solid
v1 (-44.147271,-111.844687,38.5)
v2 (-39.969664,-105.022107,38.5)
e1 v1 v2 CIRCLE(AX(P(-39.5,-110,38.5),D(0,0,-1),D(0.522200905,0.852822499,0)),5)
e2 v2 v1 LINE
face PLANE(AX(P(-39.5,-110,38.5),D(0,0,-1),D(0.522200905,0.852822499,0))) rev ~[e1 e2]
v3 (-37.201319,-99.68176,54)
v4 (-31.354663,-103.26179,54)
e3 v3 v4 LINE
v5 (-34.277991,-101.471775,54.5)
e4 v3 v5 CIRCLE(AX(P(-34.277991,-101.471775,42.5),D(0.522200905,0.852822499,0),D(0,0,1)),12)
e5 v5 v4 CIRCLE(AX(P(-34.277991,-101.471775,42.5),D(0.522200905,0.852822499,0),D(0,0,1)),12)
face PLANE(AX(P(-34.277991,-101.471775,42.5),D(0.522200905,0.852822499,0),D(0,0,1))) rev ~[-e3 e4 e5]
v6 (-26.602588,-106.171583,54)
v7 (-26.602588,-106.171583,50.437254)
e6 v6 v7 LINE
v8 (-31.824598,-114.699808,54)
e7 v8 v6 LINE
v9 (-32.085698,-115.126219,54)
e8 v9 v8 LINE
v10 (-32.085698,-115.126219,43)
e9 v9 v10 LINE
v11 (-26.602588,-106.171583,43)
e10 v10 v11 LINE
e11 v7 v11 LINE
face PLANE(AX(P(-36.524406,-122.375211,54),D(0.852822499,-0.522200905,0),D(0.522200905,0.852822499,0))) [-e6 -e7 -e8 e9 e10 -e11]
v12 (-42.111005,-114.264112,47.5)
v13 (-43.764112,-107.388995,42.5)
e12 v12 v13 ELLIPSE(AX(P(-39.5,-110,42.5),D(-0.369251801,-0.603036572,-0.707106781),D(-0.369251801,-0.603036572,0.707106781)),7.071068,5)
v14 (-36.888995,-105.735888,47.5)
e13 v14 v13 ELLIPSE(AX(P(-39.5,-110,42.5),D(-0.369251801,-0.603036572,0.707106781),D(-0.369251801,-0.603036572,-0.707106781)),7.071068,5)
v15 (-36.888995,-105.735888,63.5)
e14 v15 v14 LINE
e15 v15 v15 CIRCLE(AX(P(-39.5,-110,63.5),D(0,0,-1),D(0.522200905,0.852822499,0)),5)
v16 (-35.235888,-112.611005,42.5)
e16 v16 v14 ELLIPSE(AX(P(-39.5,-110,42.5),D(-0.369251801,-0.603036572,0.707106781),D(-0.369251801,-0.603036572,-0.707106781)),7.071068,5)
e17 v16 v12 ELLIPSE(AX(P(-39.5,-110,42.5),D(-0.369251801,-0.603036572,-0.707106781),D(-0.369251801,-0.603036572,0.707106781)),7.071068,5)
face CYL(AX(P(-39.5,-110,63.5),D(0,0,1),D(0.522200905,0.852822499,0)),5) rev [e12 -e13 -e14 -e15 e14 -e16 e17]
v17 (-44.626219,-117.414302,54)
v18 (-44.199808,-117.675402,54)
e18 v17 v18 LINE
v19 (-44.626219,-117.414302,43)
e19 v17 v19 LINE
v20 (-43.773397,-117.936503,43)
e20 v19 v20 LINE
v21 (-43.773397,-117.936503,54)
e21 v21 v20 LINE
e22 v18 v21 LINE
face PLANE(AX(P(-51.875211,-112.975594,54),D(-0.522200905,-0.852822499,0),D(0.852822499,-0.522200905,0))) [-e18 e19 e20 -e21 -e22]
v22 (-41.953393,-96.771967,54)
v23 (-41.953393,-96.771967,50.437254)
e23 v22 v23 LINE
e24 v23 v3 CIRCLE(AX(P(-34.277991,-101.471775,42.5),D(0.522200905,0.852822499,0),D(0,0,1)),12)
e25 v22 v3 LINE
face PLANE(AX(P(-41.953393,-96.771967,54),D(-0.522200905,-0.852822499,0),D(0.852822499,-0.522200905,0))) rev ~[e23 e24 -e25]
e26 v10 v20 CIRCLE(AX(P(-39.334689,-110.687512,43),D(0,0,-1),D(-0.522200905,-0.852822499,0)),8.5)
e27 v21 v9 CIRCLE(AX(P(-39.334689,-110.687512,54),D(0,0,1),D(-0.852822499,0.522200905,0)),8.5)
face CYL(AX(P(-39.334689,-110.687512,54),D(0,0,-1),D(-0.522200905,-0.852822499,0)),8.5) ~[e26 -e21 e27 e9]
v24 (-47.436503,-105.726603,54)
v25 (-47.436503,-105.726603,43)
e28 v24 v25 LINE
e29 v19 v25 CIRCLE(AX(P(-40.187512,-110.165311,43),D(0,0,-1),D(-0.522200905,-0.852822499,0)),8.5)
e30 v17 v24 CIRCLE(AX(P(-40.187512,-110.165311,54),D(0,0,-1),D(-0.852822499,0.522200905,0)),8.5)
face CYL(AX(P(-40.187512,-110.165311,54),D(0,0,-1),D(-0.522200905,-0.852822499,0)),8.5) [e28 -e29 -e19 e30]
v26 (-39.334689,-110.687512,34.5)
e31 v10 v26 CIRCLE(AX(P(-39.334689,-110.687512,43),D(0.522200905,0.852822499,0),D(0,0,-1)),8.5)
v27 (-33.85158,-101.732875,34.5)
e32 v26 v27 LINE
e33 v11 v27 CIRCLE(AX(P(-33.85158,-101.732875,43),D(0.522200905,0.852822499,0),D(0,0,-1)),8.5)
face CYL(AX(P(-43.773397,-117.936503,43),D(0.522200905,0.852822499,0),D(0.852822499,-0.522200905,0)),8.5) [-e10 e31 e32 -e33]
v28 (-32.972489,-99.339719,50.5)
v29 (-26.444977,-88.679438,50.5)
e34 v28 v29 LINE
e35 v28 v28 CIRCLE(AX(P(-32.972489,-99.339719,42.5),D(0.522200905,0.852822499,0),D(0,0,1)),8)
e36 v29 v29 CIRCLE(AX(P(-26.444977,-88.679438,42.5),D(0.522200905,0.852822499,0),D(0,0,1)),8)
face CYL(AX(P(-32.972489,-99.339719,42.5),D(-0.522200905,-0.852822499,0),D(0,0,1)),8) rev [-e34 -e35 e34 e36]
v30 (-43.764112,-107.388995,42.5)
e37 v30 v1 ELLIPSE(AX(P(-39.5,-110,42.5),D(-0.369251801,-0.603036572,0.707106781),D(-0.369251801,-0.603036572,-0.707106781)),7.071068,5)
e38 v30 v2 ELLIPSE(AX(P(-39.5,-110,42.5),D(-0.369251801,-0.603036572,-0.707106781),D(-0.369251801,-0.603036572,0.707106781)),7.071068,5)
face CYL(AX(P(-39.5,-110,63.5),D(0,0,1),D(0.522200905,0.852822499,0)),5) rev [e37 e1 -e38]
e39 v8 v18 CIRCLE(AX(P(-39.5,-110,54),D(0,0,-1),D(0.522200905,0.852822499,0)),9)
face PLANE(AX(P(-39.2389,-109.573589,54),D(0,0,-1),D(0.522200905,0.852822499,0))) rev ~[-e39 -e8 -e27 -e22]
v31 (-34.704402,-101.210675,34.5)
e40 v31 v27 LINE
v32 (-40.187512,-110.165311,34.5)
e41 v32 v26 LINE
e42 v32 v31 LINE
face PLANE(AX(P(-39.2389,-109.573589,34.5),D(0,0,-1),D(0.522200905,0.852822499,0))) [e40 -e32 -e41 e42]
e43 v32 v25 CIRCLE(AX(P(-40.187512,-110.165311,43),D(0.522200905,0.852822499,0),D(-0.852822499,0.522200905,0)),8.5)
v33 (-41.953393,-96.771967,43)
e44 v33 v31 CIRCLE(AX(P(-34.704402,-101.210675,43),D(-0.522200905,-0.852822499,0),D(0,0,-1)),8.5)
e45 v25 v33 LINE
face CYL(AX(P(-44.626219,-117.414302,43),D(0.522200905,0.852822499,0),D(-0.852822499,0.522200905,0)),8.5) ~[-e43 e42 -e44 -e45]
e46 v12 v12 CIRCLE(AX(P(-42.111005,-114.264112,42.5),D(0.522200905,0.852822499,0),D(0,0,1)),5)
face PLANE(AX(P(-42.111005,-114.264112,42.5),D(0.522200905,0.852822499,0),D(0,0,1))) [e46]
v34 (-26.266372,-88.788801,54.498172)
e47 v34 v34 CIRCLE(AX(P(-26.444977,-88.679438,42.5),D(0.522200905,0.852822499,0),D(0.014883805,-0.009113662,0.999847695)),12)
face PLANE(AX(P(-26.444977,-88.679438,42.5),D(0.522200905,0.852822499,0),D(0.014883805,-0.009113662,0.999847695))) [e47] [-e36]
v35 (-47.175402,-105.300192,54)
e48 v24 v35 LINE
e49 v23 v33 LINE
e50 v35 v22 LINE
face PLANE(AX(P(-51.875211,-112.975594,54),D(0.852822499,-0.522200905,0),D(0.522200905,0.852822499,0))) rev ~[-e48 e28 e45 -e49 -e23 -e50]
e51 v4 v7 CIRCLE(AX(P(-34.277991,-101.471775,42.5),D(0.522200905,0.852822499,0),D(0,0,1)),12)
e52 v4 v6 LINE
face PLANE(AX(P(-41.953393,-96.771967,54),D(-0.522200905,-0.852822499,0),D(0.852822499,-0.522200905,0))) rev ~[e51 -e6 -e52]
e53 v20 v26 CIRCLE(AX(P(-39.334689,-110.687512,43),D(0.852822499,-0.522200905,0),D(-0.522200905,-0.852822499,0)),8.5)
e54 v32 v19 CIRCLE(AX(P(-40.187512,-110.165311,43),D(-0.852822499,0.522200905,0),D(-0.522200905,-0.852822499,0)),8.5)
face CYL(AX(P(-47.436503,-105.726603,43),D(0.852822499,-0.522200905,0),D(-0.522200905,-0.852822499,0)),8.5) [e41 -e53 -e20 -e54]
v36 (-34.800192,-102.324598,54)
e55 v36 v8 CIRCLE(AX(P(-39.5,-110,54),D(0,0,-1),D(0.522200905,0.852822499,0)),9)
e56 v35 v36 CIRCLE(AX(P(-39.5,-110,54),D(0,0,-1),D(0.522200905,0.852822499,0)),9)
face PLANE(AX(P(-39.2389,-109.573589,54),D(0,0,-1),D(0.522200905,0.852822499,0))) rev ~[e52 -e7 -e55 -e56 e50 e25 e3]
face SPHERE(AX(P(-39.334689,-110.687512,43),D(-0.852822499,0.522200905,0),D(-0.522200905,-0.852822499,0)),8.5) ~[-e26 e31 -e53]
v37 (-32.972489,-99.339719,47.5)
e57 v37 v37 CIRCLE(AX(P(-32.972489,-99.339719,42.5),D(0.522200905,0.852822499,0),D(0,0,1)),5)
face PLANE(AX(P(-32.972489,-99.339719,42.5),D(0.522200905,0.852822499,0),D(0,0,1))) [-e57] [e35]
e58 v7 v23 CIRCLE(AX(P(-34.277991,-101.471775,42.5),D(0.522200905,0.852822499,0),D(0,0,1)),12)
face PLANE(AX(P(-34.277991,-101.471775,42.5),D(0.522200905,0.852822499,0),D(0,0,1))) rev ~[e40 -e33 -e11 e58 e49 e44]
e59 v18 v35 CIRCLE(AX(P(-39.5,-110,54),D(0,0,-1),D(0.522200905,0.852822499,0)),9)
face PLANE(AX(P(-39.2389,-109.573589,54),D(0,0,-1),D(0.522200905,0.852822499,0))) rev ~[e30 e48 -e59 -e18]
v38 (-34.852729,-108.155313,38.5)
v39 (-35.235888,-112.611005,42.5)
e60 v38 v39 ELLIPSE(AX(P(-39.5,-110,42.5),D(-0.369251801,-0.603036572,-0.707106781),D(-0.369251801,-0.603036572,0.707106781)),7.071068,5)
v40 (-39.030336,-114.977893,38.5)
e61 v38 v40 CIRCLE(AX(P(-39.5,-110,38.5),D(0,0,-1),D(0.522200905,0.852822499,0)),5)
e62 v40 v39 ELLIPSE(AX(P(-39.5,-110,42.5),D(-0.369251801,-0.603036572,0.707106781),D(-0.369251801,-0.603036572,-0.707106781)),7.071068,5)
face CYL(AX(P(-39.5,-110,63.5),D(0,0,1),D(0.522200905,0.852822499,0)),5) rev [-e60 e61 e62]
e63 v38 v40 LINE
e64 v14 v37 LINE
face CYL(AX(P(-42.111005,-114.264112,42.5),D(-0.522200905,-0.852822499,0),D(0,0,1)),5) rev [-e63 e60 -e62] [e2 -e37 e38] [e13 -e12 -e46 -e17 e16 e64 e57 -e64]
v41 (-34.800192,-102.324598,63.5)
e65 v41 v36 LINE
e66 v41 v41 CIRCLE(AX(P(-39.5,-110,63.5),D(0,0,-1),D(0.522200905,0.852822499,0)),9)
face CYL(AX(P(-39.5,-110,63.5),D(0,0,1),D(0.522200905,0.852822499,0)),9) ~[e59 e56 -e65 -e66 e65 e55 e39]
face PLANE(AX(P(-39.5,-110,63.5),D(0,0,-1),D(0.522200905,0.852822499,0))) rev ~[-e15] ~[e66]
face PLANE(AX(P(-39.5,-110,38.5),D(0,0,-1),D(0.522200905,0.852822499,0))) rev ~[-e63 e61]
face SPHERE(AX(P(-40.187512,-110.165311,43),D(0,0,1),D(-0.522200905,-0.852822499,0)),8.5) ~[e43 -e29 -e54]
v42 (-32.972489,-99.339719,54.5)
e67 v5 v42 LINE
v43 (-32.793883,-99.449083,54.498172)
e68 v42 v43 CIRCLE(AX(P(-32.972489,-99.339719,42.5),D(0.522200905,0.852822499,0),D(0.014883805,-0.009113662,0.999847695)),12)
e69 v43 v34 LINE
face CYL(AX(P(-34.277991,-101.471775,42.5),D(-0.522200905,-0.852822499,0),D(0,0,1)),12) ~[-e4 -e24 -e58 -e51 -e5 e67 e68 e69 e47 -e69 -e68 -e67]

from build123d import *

# Parameters (mm, degrees)
CYLINDER021_R               = 5
CYLINDER021_DEPTH           = 25
CYLINDER022_R               = 5
CYLINDER022_DEPTH           = 15
CYLINDER020_R               = 9
CYLINDER020_DEPTH           = 9.5
BOX007_W                    = 19
BOX007_H                    = 18
BOX007_DEPTH                = 19.5
FILLET_R                    = 8.5
CYLINDER024_R               = 5
CYLINDER024_DEPTH           = 2.5
CYLINDER019_R               = 12
CYLINDER019_DEPTH           = 2.5
CYLINDER027_R               = 8
CYLINDER027_DEPTH           = 12.5
CYLINDER026_R               = 12
CYLINDER026_DEPTH           = 12.5
CYLINDER026_PLACEMENT_ANGLE = 1
FUSION025_PLACEMENT_ANGLE   = 90
FUSION042_ROLL_ANGLE        = 180
FUSION042_PLACEMENT_ANGLE   = 58.52


with BuildPart() as tc_bottom_hole:
    # Cylinder021 → Cylinder021 (new body)
    with BuildSketch(Plane.XY):
        Circle(CYLINDER021_R)
    extrude(amount=CYLINDER021_DEPTH)


with BuildPart() as tc_holes:
    # Cylinder022 → Cylinder022 (new body)
    with BuildSketch(Plane(origin=(-5, 0, 21), x_dir=(0, 0, -1), z_dir=(1, 0, 0))):
        Circle(CYLINDER022_R)
    extrude(amount=CYLINDER022_DEPTH)

    # Fusion016: union TC-Bottom-Hole
    add(tc_bottom_hole.part)


with BuildPart() as tc_bottom:
    # Cylinder020 → Cylinder020 (new body)
    with BuildSketch(Plane.XY):
        Circle(CYLINDER020_R)
    extrude(amount=CYLINDER020_DEPTH)


with BuildPart() as turnablecorner002:
    # Box007 → Box007 (new body)
    with BuildSketch(Plane(origin=(-9, -9, 9.5), x_dir=(1, 0, 0), z_dir=(0, 0, 1))):
        with Locations((9.5, 9)):
            Rectangle(BOX007_W, BOX007_H)
    extrude(amount=BOX007_DEPTH)

    # Fillet
    fillet_edges = [turnablecorner002.edges().sort_by_distance(p)[0] for p in [
        (-9, -9, 19.25),
        (-9, 0, 29),
        (-9, 9, 19.25),
        (0.5, -9, 29),
        (0.5, 9, 29),
    ]]
    fillet(fillet_edges, radius=FILLET_R)

    # Fusion018: union TC-Bottom
    add(tc_bottom.part)

    # Cut013: cut TC-Holes
    add(tc_holes.part, mode=Mode.SUBTRACT)


with BuildPart() as largeplughole:
    # Cylinder024 → Cylinder024 (new body)
    with BuildSketch(Plane.XY):
        Circle(CYLINDER024_R)
    extrude(amount=CYLINDER024_DEPTH)


with BuildPart() as largeplugbase001:
    # Cylinder019 → Cylinder019 (new body)
    with BuildSketch(Plane.XY):
        Circle(CYLINDER019_R)
    extrude(amount=CYLINDER019_DEPTH)

    # Cut008: cut LargePlugHole
    add(largeplughole.part, mode=Mode.SUBTRACT)


with BuildPart() as largeplugwallhole:
    # Cylinder027 → Cylinder027 (new body)
    with BuildSketch(Plane.XY.offset(2.5)):
        Circle(CYLINDER027_R)
    extrude(amount=CYLINDER027_DEPTH)


with BuildPart() as radi_in_adapter:
    # Cylinder026 → Cylinder026 (new body)
    with BuildSketch(Plane.XY):
        Circle(CYLINDER026_R)
    extrude(amount=CYLINDER026_DEPTH)


with BuildPart() as radi_in_adapter_1:
    # Cylinder026 placement: moved
    add(radi_in_adapter.part.moved(Location((0, 0, 2.5))).rotate(Axis((0, 0, 2.5), (0, 0, 1)), CYLINDER026_PLACEMENT_ANGLE))

    # Cut007: cut LargePlugWallHole
    add(largeplugwallhole.part, mode=Mode.SUBTRACT)

    # Fusion025: union LargePlugBase001
    add(largeplugbase001.part)


with BuildPart() as radi_in_adapter_2:
    # Fusion025 placement: moved
    add(radi_in_adapter_1.part.moved(Location((10, 0, 21))).rotate(Axis((10, 0, 21), (0, 1, 0)), FUSION025_PLACEMENT_ANGLE))

    # Fusion042: union TurnableCorner002
    add(turnablecorner002.part)


with BuildPart() as radi_in_adapter_3:
    # Fusion042 roll: moved
    add(radi_in_adapter_2.part.rotate(Axis((0, 0, 0), (1, 0, 0)), FUSION042_ROLL_ANGLE))


with BuildPart() as radi_in_adapter_4:
    # Fusion042 placement: moved
    add(radi_in_adapter_3.part.moved(Location((-39.5, -110, 63.5))).rotate(Axis((-39.5, -110, 63.5), (0, 0, 1)), FUSION042_PLACEMENT_ANGLE))


solid = radi_in_adapter_4.part
